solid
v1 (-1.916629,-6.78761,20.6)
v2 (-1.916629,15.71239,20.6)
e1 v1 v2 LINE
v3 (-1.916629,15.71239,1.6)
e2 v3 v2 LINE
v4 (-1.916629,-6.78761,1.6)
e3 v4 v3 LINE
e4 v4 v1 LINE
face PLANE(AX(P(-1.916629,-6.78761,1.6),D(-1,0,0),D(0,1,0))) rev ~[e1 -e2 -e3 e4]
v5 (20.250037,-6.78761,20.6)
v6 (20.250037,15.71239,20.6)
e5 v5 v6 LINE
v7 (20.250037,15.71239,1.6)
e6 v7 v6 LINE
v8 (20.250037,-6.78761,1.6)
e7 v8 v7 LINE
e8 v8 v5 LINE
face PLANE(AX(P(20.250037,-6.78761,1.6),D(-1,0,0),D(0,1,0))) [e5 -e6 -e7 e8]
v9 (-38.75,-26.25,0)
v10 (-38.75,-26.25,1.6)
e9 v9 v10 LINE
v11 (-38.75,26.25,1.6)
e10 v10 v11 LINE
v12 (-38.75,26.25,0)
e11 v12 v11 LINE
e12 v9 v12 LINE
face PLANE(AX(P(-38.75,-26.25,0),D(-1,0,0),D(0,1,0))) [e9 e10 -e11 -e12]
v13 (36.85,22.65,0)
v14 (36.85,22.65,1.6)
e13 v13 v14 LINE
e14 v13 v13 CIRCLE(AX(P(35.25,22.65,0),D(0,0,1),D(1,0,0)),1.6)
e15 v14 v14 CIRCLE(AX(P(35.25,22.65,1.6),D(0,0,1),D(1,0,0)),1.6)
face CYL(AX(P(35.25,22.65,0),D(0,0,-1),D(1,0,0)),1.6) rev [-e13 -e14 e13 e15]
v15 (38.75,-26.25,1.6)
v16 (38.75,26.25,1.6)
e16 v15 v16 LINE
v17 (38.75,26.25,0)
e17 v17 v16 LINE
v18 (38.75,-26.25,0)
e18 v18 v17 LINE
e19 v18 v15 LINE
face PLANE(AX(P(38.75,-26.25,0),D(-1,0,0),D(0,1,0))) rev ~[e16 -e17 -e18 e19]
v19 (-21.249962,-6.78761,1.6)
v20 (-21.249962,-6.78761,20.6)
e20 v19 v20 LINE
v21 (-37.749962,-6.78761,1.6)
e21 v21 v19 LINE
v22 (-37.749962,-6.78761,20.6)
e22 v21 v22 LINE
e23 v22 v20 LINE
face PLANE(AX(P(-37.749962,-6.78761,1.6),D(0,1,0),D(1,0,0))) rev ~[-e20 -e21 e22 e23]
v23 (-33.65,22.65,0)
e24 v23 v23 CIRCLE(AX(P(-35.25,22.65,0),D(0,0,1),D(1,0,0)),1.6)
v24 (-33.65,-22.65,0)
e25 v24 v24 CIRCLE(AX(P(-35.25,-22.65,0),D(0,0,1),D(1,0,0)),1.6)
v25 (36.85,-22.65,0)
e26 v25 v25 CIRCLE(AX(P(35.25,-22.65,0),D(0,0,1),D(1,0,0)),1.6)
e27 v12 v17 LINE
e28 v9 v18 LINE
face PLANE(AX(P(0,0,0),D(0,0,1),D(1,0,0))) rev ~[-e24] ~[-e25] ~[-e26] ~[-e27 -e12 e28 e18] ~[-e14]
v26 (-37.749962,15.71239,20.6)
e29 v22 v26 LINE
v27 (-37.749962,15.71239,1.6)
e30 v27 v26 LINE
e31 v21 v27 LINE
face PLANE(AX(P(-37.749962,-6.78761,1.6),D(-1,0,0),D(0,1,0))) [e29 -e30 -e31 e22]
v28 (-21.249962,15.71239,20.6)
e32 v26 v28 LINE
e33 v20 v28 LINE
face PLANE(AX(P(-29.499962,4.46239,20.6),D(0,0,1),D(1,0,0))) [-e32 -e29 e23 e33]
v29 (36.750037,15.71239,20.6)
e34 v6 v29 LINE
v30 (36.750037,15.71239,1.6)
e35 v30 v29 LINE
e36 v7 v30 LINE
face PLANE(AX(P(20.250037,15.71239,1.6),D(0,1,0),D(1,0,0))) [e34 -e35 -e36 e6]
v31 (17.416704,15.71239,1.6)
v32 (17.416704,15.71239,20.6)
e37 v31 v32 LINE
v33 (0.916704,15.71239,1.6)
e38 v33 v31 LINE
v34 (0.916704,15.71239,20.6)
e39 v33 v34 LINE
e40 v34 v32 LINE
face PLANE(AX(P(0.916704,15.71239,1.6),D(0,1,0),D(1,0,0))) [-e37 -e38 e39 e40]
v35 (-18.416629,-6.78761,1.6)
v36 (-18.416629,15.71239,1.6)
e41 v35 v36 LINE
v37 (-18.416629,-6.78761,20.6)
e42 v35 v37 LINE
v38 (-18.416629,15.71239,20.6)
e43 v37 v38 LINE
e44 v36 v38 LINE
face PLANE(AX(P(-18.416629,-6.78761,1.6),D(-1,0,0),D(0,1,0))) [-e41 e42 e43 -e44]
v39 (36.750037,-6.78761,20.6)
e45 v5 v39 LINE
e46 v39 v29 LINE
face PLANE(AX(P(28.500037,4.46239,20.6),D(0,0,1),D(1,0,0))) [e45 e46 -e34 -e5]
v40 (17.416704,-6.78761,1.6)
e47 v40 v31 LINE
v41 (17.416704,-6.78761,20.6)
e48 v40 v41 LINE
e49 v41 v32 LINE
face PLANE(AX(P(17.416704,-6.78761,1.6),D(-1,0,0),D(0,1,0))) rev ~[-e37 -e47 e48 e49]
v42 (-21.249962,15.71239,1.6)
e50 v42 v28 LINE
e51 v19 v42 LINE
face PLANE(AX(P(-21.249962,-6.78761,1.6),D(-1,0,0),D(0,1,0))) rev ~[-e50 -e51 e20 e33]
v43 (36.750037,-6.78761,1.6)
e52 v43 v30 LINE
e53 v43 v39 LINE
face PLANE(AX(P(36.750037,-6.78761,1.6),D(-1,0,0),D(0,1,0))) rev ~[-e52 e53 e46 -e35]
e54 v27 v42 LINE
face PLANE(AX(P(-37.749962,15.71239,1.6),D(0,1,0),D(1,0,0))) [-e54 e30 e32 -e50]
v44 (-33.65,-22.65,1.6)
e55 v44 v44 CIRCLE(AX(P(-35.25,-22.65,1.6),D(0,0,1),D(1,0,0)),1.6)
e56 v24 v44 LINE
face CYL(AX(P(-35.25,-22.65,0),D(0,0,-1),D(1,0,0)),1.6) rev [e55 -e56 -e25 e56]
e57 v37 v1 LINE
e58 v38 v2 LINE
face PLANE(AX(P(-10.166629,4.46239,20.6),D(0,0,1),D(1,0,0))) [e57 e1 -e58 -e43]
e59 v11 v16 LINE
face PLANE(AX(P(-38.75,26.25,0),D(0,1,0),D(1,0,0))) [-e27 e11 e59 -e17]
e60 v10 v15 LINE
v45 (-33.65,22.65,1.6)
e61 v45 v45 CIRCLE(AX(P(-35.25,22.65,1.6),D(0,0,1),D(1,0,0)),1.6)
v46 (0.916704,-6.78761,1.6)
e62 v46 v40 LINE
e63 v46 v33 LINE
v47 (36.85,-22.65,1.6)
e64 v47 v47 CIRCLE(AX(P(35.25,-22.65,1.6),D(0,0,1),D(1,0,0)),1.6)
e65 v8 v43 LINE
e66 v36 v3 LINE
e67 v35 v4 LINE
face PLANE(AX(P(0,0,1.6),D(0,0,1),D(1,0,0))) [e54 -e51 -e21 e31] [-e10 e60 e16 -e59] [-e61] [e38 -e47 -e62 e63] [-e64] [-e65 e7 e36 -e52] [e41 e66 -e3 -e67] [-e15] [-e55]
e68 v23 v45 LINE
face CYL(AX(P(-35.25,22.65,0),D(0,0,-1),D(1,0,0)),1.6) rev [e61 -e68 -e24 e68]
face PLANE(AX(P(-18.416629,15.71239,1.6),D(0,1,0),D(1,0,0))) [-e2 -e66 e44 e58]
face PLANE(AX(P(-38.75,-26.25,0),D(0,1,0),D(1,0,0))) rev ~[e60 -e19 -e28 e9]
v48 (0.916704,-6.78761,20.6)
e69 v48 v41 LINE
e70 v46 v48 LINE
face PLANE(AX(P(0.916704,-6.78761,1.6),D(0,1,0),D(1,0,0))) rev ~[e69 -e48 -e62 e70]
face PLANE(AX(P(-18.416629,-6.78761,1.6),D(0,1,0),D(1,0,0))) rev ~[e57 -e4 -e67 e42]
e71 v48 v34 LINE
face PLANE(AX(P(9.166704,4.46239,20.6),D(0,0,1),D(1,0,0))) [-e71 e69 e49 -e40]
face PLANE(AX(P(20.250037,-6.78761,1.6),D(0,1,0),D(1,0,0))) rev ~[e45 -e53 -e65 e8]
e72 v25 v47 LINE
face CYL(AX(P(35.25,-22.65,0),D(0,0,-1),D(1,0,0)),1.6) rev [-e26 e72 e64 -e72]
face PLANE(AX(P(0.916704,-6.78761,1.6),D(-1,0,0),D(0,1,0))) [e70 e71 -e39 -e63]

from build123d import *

# Parameters (mm, degrees)
SKETCH_W            = 77.5
SKETCH_H            = 52.5
SKETCH_R            = 1.6
PAD_DEPTH           = 1.6
SKETCH004_W         = 16.5
SKETCH004_H         = 22.5
PAD004_DEPTH        = 19
LINEARPATTERN_COUNT = 4
LINEARPATTERN_PITCH = 19.333333


with BuildPart() as part:
    # Sketch → Pad (new body)
    with BuildSketch(Plane.XY):
        Rectangle(SKETCH_W, SKETCH_H)
        with Locations((-35.25, 22.65)):
            Circle(SKETCH_R, mode=Mode.SUBTRACT)
        with Locations((-35.25, -22.65)):
            Circle(SKETCH_R, mode=Mode.SUBTRACT)
        with Locations((35.25, 22.65)):
            Circle(SKETCH_R, mode=Mode.SUBTRACT)
        with Locations((35.25, -22.65)):
            Circle(SKETCH_R, mode=Mode.SUBTRACT)
    extrude(amount=PAD_DEPTH)

    # Sketch004 (on Face10 of Pad) → Pad004 (join)
    with BuildSketch(Plane.XY.offset(1.6)):
        with Locations((-29.499962, 4.46239)):
            Rectangle(SKETCH004_W, SKETCH004_H)
    pad004 = extrude(amount=PAD004_DEPTH)

    # LinearPattern: Pad004 ×4
    with Locations(*[(i * LINEARPATTERN_PITCH, 0, 0) for i in range(1, LINEARPATTERN_COUNT)]):
        add(pad004)


solid = part.part
